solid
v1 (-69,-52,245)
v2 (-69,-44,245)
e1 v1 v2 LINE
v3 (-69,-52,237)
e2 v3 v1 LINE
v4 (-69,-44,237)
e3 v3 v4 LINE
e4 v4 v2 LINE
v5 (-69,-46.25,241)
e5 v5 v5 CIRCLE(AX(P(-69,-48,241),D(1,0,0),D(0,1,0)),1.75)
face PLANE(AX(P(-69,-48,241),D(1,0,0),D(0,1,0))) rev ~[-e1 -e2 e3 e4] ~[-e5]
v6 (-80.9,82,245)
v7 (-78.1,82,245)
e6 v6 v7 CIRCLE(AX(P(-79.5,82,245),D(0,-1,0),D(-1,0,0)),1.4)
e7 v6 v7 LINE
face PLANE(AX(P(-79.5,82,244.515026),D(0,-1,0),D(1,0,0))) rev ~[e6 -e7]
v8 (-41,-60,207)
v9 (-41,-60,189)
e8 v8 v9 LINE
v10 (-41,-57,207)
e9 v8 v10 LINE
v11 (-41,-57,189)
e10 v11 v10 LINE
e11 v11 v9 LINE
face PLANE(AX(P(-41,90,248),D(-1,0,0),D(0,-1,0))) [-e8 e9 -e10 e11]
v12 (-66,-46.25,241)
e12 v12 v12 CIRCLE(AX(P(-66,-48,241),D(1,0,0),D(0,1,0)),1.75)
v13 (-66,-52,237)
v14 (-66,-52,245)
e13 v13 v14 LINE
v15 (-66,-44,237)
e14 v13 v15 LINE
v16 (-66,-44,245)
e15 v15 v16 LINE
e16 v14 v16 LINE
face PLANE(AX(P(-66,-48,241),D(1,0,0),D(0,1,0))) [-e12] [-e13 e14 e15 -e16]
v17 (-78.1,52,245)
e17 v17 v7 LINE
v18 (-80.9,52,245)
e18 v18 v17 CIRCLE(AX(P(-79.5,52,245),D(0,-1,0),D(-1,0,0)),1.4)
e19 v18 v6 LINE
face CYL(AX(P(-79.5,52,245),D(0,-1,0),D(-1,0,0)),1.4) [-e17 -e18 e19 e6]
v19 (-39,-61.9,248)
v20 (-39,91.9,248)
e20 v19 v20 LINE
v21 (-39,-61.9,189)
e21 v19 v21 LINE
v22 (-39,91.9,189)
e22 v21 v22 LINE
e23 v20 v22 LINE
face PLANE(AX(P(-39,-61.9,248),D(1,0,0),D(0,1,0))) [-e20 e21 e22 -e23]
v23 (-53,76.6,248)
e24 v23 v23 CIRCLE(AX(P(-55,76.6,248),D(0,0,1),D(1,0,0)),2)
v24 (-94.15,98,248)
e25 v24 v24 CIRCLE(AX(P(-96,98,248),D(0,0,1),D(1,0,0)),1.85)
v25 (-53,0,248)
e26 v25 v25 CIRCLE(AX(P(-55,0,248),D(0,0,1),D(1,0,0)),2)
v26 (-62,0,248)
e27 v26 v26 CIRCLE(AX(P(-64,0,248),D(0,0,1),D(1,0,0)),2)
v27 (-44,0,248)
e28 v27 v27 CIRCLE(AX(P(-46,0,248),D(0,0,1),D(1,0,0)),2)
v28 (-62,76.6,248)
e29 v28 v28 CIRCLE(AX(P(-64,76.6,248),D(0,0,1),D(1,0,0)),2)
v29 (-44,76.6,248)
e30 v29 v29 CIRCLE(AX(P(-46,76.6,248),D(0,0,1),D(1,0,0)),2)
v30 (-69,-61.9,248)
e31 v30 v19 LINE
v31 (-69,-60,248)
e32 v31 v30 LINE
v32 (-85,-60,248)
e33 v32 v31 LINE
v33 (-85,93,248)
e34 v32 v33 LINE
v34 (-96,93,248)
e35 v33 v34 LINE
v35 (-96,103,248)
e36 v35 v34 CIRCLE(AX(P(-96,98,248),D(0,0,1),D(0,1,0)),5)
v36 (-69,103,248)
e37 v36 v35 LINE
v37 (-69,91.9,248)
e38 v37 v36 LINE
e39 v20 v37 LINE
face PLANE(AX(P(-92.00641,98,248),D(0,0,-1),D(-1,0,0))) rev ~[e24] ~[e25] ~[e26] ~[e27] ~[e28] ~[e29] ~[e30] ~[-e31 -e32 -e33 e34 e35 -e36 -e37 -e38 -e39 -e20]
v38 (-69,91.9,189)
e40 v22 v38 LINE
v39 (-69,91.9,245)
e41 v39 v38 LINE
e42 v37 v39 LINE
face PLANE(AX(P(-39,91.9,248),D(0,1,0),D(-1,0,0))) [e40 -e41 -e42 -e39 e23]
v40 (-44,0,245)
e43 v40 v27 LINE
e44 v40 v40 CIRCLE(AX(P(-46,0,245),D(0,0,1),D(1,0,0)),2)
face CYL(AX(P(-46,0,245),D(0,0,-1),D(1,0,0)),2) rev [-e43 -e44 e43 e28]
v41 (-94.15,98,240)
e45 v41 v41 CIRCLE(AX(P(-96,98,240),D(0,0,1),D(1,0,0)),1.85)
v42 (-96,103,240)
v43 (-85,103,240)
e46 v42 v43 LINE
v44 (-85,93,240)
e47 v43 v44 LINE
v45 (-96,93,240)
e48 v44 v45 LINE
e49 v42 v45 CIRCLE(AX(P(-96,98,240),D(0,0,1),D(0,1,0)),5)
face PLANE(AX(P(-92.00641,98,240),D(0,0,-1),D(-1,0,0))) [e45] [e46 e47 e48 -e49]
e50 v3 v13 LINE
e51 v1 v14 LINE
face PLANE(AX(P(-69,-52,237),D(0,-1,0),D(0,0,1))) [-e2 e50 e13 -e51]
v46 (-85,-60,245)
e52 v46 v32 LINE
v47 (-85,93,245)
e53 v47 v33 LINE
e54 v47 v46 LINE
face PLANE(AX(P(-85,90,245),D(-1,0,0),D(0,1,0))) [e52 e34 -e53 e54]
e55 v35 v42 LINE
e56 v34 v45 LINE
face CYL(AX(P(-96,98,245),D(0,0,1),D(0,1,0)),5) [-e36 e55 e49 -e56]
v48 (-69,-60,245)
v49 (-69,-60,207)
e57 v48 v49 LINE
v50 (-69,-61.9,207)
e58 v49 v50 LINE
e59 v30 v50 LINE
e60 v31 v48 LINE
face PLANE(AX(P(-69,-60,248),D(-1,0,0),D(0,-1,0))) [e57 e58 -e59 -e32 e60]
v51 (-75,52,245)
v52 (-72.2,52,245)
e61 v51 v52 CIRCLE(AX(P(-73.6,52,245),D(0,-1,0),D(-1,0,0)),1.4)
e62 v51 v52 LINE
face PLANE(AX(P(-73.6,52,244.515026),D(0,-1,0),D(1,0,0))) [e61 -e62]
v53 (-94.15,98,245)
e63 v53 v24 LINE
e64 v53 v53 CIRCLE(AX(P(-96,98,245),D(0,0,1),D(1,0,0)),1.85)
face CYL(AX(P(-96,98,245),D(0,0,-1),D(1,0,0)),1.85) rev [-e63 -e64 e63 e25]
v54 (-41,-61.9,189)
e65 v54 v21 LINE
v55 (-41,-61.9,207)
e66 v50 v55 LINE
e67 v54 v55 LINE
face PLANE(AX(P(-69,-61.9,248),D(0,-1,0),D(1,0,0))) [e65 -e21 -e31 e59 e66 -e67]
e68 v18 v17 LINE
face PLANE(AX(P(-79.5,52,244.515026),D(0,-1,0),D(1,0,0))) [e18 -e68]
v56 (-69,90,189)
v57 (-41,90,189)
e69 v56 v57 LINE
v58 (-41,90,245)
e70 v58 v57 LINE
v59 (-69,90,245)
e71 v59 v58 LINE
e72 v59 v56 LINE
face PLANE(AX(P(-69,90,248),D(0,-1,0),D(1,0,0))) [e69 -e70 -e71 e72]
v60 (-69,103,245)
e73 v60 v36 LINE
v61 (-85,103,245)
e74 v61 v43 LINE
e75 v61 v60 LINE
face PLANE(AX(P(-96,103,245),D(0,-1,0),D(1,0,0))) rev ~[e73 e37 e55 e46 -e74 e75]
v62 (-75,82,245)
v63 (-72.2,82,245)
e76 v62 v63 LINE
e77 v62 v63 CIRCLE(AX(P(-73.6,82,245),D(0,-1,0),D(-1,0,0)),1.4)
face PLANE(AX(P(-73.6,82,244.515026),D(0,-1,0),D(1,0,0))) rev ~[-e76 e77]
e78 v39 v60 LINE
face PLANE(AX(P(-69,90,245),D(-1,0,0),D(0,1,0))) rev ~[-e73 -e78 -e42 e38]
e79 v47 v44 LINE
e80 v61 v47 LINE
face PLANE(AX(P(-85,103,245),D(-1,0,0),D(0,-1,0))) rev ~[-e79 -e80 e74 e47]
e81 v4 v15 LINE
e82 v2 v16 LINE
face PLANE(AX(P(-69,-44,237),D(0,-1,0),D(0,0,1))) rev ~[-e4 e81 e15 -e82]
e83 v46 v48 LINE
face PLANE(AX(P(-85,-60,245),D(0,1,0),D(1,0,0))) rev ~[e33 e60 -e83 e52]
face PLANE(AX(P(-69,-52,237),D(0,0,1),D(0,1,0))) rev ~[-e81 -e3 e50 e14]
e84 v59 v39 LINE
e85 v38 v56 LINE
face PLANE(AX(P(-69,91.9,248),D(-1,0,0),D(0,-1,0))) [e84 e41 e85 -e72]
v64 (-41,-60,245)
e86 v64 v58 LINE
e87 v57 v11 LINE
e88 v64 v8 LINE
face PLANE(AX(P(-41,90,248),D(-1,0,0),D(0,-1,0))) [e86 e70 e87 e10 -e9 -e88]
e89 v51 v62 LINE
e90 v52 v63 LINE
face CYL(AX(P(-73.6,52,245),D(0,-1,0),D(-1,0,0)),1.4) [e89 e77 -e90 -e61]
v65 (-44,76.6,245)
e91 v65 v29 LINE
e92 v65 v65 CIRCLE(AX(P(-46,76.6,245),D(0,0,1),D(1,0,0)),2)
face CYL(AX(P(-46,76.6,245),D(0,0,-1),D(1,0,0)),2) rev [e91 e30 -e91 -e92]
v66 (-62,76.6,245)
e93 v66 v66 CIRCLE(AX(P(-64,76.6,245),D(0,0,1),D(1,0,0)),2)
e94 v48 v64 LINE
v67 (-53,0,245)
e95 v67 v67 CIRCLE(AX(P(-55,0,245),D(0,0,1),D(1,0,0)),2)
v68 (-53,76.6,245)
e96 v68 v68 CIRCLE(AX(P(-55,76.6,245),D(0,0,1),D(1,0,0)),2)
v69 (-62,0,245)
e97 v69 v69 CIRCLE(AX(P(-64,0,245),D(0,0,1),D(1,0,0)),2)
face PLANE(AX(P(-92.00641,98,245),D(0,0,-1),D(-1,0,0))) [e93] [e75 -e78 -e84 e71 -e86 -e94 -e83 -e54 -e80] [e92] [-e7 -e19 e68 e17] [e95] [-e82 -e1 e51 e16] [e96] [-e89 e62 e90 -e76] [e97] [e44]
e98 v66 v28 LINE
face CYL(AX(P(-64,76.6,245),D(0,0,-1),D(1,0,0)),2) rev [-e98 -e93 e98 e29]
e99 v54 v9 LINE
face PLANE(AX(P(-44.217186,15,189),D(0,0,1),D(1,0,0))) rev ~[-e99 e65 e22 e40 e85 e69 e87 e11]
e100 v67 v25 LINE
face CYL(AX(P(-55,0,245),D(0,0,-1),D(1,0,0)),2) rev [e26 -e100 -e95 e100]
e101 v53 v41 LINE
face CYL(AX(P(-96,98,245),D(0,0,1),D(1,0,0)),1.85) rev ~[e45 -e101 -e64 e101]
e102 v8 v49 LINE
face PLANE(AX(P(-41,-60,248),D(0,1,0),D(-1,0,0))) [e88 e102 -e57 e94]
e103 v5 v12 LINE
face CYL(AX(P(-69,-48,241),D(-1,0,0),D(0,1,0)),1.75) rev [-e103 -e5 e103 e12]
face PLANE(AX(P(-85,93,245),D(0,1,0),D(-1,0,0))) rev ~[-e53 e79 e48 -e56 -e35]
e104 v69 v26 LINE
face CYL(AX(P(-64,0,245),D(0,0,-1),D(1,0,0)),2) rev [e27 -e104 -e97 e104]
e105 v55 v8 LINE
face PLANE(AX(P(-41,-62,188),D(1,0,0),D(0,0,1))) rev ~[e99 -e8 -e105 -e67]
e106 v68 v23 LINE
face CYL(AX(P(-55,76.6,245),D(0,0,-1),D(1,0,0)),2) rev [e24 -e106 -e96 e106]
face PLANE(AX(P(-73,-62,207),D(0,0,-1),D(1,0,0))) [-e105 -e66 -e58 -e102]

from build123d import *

# Parameters (mm, degrees)
SKETCH250_W       = 8
SKETCH250_H       = 8
SKETCH250_R       = 1.75
PAD023_DEPTH      = 3
SKETCH252_W       = 44
SKETCH252_H       = 150
SKETCH252_R       = 2
PAD024_DEPTH      = 3
PAD025_DEPTH      = 59
PAD026_DEPTH      = 30
SKETCH255_W       = 16
SKETCH255_H       = 13
PAD027_DEPTH      = 3
SKETCH256_R       = 1.85
PAD028_DEPTH      = 3
PAD028_DEPTH_BACK = 5
SKETCH257_W       = 32
SKETCH257_H       = 19
POCKET018_DEPTH   = 5


with BuildPart() as part:
    # Sketch250 → Pad023 (new body)
    with BuildSketch(Plane.YZ):
        Rectangle(SKETCH250_W, SKETCH250_H)
        Circle(SKETCH250_R, mode=Mode.SUBTRACT)
    extrude(amount=PAD023_DEPTH)

    # Sketch252 → Pad024 (join)
    with BuildSketch(Plane.XY.offset(4)):
        with Locations((6, 63)):
            Rectangle(SKETCH252_W, SKETCH252_H)
        with Locations((5, 48)):
            Circle(SKETCH252_R, mode=Mode.SUBTRACT)
        with Locations((14, 48)):
            Circle(SKETCH252_R, mode=Mode.SUBTRACT)
        with Locations((23, 48)):
            Circle(SKETCH252_R, mode=Mode.SUBTRACT)
        with Locations((23, 124.6)):
            Circle(SKETCH252_R, mode=Mode.SUBTRACT)
        with Locations((14, 124.6)):
            Circle(SKETCH252_R, mode=Mode.SUBTRACT)
        with Locations((5, 124.6)):
            Circle(SKETCH252_R, mode=Mode.SUBTRACT)
    extrude(amount=PAD024_DEPTH)

    # Sketch253 → Pad025 (join)
    with BuildSketch(Plane.XY.offset(7)):
        Polygon((0, 139.9), (0, 138), (28, 138), (28, -12), (0, -12), (0, -13.9), (30, -13.9), (30, 139.9), align=None)
    extrude(amount=-PAD025_DEPTH)

    # Sketch254 → Pad026 (join)
    with BuildSketch(Plane.XZ.offset(-100)):
        with BuildLine():
            ThreePointArc((-6, 4), (-4.6, 2.6), (-3.2, 4))
            Line((-6, 4), (-3.2, 4))
        make_face()
        with BuildLine():
            ThreePointArc((-11.9, 4), (-10.5, 2.6), (-9.1, 4))
            Line((-11.9, 4), (-9.1, 4))
        make_face()
    extrude(amount=-PAD026_DEPTH)

    # Sketch255 → Pad027 (join)
    with BuildSketch(Plane.XY.offset(4)):
        with Locations((-8, 144.5)):
            Rectangle(SKETCH255_W, SKETCH255_H)
    extrude(amount=PAD027_DEPTH)

    # Sketch256 → Pad028 (join, two sides)
    with BuildSketch(Plane.XY.offset(4)) as pad028_sk:
        with BuildLine():
            Line((-16, 141), (-27, 141))
            ThreePointArc((-27, 151), (-32, 146), (-27, 141))
            Line((-27, 151), (-16, 151))
            Line((-16, 151), (-16, 141))
        make_face()
        with Locations((-27, 146)):
            Circle(SKETCH256_R, mode=Mode.SUBTRACT)
    extrude(amount=PAD028_DEPTH)
    extrude(pad028_sk.sketch, amount=-PAD028_DEPTH_BACK)

    # Sketch257 → Pocket018 (cut)
    with BuildSketch(Plane.XZ.offset(14)):
        with Locations((12, -43.5)):
            Rectangle(SKETCH257_W, SKETCH257_H)
    extrude(amount=-POCKET018_DEPTH, mode=Mode.SUBTRACT)


with BuildPart() as part_1:
    # Body012 placement: moved
    add(part.part.moved(Location((-69, -48, 241))))


solid = part_1.part
